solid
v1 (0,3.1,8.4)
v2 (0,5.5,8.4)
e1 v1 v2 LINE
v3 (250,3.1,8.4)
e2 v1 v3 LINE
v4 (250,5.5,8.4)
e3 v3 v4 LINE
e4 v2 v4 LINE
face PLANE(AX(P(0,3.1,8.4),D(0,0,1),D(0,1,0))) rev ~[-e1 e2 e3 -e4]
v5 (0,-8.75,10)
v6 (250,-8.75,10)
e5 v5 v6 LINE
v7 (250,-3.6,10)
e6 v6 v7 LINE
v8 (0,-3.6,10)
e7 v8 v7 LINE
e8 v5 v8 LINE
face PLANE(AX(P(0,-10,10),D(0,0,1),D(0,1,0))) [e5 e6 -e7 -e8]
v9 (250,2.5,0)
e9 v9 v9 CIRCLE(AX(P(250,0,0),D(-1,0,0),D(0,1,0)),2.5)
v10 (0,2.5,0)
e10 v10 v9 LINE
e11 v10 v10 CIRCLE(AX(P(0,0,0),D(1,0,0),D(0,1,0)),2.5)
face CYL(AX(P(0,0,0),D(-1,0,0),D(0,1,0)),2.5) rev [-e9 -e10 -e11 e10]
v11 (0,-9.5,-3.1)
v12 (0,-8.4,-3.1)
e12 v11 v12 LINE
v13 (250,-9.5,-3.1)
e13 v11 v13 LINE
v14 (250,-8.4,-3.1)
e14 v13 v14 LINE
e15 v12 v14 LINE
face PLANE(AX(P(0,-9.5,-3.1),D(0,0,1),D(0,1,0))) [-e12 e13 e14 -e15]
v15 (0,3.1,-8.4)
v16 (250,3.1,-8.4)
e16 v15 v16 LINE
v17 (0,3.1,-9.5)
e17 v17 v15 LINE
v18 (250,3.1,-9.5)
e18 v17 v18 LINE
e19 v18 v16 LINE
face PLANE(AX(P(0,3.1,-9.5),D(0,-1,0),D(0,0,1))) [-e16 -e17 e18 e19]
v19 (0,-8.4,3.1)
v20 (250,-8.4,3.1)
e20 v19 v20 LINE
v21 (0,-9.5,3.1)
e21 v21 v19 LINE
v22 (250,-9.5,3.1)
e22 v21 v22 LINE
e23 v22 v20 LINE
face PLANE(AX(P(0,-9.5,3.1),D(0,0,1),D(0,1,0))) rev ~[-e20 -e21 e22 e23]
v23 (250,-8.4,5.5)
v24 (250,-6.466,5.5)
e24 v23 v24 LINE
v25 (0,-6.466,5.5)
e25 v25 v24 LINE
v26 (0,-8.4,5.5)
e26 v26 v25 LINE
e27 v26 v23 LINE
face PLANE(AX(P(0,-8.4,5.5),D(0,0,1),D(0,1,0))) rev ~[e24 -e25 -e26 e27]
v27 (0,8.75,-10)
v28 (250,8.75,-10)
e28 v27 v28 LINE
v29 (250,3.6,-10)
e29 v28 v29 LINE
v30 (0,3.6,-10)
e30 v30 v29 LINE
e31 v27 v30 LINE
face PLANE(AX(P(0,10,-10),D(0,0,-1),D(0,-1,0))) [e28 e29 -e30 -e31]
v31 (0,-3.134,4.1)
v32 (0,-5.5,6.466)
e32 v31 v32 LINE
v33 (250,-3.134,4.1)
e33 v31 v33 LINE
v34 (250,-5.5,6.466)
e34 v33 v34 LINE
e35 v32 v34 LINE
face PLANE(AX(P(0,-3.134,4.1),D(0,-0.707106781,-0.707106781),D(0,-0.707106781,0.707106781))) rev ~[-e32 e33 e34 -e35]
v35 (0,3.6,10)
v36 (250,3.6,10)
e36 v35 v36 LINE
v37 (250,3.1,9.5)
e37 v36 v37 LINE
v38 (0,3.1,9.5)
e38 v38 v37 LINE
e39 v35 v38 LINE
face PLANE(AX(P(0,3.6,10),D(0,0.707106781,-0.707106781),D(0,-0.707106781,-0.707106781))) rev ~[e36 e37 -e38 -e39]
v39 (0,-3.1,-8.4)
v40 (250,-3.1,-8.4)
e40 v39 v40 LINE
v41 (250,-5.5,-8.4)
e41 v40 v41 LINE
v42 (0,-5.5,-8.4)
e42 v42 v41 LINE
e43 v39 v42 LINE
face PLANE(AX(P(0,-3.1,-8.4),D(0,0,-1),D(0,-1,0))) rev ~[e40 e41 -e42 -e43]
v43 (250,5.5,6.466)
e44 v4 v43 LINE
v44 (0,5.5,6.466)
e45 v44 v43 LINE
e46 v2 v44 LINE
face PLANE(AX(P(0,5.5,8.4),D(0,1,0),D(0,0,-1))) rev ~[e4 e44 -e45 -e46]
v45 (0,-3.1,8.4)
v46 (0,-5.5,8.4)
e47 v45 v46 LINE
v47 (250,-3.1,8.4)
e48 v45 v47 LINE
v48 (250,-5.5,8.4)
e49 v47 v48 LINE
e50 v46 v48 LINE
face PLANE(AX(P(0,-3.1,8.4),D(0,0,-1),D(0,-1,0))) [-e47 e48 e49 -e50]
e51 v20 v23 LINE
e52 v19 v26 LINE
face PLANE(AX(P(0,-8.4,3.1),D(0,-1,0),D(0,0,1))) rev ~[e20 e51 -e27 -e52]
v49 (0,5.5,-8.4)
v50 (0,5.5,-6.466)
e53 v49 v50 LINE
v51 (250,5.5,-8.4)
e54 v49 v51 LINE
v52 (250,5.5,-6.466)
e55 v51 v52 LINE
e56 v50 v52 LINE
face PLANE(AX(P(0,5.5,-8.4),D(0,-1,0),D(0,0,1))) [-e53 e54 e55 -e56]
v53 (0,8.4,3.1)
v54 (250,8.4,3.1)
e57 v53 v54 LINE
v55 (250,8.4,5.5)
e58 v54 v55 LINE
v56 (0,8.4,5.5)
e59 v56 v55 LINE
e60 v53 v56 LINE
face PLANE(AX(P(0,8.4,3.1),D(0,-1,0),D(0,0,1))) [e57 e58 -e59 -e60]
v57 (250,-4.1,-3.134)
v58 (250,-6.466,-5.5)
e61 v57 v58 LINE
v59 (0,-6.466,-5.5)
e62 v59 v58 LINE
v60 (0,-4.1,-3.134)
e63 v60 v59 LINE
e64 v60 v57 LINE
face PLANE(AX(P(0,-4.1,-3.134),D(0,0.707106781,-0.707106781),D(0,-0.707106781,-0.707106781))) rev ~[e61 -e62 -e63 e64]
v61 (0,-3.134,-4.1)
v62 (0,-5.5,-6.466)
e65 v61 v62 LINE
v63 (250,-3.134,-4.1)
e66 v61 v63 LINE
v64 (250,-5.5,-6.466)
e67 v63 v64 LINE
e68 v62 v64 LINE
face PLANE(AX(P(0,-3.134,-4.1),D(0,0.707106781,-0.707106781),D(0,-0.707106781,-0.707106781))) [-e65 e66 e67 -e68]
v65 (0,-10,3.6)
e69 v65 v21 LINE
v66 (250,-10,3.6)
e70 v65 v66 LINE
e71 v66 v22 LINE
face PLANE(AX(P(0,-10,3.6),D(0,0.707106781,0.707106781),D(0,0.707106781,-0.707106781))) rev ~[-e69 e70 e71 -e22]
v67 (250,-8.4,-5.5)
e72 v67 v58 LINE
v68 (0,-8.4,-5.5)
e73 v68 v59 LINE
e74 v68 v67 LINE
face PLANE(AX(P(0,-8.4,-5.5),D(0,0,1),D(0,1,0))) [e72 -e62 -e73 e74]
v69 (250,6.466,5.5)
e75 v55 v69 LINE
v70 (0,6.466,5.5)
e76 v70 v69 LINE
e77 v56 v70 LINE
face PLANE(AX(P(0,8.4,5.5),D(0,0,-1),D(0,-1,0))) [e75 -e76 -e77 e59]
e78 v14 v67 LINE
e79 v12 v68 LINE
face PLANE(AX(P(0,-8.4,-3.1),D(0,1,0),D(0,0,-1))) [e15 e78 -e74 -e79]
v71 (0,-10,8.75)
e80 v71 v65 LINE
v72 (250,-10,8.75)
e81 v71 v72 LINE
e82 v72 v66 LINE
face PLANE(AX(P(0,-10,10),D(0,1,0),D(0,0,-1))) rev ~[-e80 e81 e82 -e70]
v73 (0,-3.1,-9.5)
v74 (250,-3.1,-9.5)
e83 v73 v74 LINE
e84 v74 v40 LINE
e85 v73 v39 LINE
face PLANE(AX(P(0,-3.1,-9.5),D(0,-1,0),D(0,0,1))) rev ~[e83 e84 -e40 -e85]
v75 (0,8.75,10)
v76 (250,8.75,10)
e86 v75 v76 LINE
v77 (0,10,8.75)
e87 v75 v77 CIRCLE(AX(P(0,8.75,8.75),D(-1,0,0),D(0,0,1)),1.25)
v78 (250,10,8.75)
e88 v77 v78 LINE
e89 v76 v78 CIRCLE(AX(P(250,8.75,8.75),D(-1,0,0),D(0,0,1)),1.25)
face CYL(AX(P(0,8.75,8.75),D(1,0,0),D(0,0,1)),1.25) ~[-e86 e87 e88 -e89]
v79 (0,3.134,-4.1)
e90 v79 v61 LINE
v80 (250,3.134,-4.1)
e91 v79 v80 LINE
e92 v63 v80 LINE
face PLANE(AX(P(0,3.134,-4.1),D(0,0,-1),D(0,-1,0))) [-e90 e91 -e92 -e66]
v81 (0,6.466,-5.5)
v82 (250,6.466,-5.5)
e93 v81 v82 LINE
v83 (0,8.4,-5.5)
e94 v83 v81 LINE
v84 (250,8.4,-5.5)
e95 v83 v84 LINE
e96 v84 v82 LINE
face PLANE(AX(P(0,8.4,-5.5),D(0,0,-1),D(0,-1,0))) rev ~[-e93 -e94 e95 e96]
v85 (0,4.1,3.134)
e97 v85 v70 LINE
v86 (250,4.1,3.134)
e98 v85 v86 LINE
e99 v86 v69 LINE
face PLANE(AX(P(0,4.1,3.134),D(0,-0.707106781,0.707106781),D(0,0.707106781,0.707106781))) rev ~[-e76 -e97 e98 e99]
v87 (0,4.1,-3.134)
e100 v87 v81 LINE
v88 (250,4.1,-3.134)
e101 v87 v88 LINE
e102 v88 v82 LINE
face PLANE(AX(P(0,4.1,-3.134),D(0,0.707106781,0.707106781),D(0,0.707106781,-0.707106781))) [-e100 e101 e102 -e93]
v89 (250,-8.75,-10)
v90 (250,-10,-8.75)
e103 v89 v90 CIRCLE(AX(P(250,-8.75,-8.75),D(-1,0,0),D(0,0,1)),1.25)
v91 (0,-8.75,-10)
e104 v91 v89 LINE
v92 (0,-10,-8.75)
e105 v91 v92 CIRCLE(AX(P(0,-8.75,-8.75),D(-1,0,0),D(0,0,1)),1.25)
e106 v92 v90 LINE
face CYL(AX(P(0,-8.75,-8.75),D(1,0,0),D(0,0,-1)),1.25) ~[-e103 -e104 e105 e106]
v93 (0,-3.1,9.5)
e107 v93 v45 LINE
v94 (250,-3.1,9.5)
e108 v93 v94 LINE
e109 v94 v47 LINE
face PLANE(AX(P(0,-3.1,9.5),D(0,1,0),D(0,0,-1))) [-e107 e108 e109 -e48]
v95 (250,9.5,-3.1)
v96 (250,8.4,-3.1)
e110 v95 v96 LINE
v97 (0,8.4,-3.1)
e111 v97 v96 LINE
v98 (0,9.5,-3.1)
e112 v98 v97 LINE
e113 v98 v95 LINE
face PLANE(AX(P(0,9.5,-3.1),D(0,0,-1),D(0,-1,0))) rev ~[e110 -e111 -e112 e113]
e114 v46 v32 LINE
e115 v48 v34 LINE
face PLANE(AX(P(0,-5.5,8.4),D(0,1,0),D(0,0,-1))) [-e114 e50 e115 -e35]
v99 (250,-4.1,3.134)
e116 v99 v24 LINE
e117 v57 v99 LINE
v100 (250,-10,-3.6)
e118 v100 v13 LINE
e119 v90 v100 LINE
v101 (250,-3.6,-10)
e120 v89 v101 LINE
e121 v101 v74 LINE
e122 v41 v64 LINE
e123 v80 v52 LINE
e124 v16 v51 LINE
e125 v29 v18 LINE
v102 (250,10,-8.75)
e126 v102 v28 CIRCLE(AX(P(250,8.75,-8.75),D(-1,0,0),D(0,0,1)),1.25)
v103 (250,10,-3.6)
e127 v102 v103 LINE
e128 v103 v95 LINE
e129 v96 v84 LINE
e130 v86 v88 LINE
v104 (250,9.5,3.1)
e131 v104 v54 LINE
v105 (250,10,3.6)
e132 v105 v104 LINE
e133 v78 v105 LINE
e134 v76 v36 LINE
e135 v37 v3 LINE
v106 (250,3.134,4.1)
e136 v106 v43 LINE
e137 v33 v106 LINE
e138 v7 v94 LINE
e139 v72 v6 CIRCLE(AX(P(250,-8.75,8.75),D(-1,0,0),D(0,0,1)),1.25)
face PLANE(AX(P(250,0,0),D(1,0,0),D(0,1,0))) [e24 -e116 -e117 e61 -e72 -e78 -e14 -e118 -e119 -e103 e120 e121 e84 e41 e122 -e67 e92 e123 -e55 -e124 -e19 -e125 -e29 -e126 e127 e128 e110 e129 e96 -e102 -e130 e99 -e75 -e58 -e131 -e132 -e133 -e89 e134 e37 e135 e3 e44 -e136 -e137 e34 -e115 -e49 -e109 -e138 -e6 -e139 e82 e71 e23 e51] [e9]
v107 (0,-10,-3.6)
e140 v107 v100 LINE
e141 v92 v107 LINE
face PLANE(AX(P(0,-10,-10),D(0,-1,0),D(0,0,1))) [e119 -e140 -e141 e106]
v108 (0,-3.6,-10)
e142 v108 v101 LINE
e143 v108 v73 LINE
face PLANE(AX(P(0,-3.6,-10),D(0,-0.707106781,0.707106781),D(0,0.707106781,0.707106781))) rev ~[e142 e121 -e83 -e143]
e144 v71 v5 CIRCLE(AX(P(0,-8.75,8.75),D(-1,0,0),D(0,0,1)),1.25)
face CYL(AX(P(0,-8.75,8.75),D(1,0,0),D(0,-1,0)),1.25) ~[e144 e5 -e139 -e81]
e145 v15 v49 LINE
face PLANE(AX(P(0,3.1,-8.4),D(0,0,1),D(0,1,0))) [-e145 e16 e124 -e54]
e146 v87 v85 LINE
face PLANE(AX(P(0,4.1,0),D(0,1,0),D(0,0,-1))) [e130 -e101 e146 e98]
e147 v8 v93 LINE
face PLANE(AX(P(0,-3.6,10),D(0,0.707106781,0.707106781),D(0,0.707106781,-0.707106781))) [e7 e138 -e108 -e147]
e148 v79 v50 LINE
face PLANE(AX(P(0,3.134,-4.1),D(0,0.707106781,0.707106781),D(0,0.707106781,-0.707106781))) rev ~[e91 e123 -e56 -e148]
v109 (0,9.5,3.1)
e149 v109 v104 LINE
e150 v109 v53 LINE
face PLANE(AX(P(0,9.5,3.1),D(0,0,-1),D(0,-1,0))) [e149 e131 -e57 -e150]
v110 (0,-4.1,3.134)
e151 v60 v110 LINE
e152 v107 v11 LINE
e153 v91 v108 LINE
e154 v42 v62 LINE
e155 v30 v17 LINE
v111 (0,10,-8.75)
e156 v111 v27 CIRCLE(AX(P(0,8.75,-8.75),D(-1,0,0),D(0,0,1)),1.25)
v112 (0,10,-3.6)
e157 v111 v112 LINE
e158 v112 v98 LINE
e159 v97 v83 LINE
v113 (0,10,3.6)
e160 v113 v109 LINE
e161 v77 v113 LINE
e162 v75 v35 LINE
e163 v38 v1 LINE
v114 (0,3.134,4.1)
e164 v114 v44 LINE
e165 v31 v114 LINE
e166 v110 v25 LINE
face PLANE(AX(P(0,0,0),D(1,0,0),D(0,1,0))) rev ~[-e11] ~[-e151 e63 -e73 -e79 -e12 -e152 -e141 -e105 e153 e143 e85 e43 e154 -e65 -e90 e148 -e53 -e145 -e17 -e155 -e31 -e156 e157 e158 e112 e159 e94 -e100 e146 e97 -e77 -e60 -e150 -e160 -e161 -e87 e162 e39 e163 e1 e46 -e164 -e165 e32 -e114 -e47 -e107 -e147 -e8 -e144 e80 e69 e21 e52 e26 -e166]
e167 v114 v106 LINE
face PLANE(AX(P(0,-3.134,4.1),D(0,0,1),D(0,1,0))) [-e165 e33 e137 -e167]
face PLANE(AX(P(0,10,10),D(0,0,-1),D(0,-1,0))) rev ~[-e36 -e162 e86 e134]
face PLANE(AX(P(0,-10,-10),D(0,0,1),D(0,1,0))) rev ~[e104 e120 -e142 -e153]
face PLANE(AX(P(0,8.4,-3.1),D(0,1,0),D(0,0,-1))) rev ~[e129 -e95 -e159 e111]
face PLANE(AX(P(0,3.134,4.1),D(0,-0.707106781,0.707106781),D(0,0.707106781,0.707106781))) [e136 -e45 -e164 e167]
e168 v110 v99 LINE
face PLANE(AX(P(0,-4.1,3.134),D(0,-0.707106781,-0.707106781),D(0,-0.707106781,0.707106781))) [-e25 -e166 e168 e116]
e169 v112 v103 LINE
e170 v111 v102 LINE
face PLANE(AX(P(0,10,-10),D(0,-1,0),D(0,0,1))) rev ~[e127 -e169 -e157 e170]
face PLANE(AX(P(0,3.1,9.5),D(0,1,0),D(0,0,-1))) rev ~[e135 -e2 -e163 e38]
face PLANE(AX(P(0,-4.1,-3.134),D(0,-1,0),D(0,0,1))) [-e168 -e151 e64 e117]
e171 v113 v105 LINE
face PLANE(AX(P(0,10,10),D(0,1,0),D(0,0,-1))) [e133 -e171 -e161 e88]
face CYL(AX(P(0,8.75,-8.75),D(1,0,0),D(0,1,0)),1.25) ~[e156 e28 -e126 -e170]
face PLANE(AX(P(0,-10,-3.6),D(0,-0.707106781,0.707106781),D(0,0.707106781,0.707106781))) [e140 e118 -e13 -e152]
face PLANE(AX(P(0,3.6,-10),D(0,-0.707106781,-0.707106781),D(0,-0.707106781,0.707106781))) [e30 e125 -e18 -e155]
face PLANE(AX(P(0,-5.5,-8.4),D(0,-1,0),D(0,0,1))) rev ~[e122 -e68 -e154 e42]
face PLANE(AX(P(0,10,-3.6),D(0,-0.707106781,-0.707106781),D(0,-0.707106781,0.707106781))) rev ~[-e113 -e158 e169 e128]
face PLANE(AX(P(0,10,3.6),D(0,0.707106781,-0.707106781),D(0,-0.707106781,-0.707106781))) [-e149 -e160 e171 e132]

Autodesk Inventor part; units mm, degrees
ref_plane "YZ Plane" through (0, 0, 0) normal (1, 0, 0) x (0, 1, 0)
ref_plane "XZ Plane" through (0, 0, 0) normal (0, 1, 0) x (-1, 0, 0)
ref_plane "XY Plane" through (0, 0, 0) normal (0, 0, 1) x (1, 0, 0)
sketch "Sketch1" plane through (0, 0, 0) normal (1, 0, 0) x (0, 1, 0)
  circle A0 centre (0, 0) radius 2.5
  line L0 (0, 0) -> (10, 0)
  line L1 (10, -10) -> (10, -3.6)
  line L2 (10, -3.6) -> (9.5, -3.1)
  line L3 (9.5, -3.1) -> (8.4, -3.1)
  line L4 (8.4, -3.1) -> (8.4, -5.5)
  line L5 (-3.134, 4.1) -> (3.134, 4.1)
  line L6 (4.1, 3.134) -> (4.1, -3.134)
  line L7 (3.134, -4.1) -> (-3.134, -4.1)
  line L8 (-4.1, -3.134) -> (-4.1, 3.134)
  line L9 (-4.1, 4.1) -> (4.1, -4.1) construction
  line L10 (4.1, 4.1) -> (-4.1, -4.1) construction
  line L11 (4.1, -3.134) -> (6.466, -5.5)
  line L12 (8.4, -5.5) -> (6.466, -5.5)
  line L13 (10, -10) -> (3.6, -10)
  line L14 (3.6, -10) -> (3.1, -9.5)
  line L15 (3.1, -9.5) -> (3.1, -8.4)
  line L16 (3.1, -8.4) -> (5.5, -8.4)
  line L17 (3.134, -4.1) -> (5.5, -6.466)
  line L18 (5.5, -8.4) -> (5.5, -6.466)
  line L19 (10, 10) -> (10, 3.6)
  line L20 (10, 3.6) -> (9.5, 3.1)
  line L21 (9.5, 3.1) -> (8.4, 3.1)
  line L22 (8.4, 3.1) -> (8.4, 5.5)
  line L23 (4.1, 3.134) -> (6.466, 5.5)
  line L24 (8.4, 5.5) -> (6.466, 5.5)
  line L25 (5.5, 8.4) -> (5.5, 6.466)
  line L26 (3.134, 4.1) -> (5.5, 6.466)
  line L27 (3.1, 8.4) -> (5.5, 8.4)
  line L28 (3.1, 9.5) -> (3.1, 8.4)
  line L29 (3.6, 10) -> (3.1, 9.5)
  line L30 (10, 10) -> (3.6, 10)
  line L31 (0, 0) -> (0, -5.5)
  line L32 (-10, -10) -> (-10, -3.6)
  line L33 (-10, -3.6) -> (-9.5, -3.1)
  line L34 (-9.5, -3.1) -> (-8.4, -3.1)
  line L35 (-8.4, -3.1) -> (-8.4, -5.5)
  line L36 (-4.1, -3.134) -> (-6.466, -5.5)
  line L37 (-8.4, -5.5) -> (-6.466, -5.5)
  line L38 (-5.5, -8.4) -> (-5.5, -6.466)
  line L39 (-3.134, -4.1) -> (-5.5, -6.466)
  line L40 (-3.1, -8.4) -> (-5.5, -8.4)
  line L41 (-3.1, -9.5) -> (-3.1, -8.4)
  line L42 (-3.6, -10) -> (-3.1, -9.5)
  line L43 (-10, -10) -> (-3.6, -10)
  line L44 (-4.1, 3.134) -> (-6.466, 5.5)
  line L45 (-3.134, 4.1) -> (-5.5, 6.466)
  line L46 (-8.4, 3.1) -> (-8.4, 5.5)
  line L47 (-8.4, 5.5) -> (-6.466, 5.5)
  line L48 (-5.5, 8.4) -> (-5.5, 6.466)
  line L49 (-3.1, 8.4) -> (-5.5, 8.4)
  line L50 (-9.5, 3.1) -> (-8.4, 3.1)
  line L51 (-10, 3.6) -> (-9.5, 3.1)
  line L52 (-3.1, 9.5) -> (-3.1, 8.4)
  line L53 (-3.6, 10) -> (-3.1, 9.5)
  line L54 (-10, 10) -> (-3.6, 10)
  line L55 (-10, 10) -> (-10, 3.6)
  point P0 (-10, 0)
  dimension "d0" = 5
  dimension "d3" = 3.6
  dimension "d4" = 45
  dimension "d5" = 3.1
  dimension "d7" = 5.5
  dimension "d8" = 1.6
  dimension "d11" = 4.3
extrude "Extrusion1" add sketch "Sketch1" along normal blind 250 contours L0 L6 L11 L12 L4 L3 L2 L1 L13 L14 L15 L16 L18 L17 L7 L31 A0 | A0 L31 L7 L39 L38 L40 L41 L42 L43 L32 L33 L34 L35 L37 L36 L8 L44 L47 L46 L50 L51 L55 L54 L53 L52 L49 L48 L45 L5 L26 L25 L27 L28 L29 L30 L19 L20 L21 L22 L24 L23 L6 L0
fillet "Fillet1" radius 1.25 4 edges at (125, 10, 10) (125, -10, 10) (125, 10, -10) (125, -10, -10)
properties part number "2020-25cm"
